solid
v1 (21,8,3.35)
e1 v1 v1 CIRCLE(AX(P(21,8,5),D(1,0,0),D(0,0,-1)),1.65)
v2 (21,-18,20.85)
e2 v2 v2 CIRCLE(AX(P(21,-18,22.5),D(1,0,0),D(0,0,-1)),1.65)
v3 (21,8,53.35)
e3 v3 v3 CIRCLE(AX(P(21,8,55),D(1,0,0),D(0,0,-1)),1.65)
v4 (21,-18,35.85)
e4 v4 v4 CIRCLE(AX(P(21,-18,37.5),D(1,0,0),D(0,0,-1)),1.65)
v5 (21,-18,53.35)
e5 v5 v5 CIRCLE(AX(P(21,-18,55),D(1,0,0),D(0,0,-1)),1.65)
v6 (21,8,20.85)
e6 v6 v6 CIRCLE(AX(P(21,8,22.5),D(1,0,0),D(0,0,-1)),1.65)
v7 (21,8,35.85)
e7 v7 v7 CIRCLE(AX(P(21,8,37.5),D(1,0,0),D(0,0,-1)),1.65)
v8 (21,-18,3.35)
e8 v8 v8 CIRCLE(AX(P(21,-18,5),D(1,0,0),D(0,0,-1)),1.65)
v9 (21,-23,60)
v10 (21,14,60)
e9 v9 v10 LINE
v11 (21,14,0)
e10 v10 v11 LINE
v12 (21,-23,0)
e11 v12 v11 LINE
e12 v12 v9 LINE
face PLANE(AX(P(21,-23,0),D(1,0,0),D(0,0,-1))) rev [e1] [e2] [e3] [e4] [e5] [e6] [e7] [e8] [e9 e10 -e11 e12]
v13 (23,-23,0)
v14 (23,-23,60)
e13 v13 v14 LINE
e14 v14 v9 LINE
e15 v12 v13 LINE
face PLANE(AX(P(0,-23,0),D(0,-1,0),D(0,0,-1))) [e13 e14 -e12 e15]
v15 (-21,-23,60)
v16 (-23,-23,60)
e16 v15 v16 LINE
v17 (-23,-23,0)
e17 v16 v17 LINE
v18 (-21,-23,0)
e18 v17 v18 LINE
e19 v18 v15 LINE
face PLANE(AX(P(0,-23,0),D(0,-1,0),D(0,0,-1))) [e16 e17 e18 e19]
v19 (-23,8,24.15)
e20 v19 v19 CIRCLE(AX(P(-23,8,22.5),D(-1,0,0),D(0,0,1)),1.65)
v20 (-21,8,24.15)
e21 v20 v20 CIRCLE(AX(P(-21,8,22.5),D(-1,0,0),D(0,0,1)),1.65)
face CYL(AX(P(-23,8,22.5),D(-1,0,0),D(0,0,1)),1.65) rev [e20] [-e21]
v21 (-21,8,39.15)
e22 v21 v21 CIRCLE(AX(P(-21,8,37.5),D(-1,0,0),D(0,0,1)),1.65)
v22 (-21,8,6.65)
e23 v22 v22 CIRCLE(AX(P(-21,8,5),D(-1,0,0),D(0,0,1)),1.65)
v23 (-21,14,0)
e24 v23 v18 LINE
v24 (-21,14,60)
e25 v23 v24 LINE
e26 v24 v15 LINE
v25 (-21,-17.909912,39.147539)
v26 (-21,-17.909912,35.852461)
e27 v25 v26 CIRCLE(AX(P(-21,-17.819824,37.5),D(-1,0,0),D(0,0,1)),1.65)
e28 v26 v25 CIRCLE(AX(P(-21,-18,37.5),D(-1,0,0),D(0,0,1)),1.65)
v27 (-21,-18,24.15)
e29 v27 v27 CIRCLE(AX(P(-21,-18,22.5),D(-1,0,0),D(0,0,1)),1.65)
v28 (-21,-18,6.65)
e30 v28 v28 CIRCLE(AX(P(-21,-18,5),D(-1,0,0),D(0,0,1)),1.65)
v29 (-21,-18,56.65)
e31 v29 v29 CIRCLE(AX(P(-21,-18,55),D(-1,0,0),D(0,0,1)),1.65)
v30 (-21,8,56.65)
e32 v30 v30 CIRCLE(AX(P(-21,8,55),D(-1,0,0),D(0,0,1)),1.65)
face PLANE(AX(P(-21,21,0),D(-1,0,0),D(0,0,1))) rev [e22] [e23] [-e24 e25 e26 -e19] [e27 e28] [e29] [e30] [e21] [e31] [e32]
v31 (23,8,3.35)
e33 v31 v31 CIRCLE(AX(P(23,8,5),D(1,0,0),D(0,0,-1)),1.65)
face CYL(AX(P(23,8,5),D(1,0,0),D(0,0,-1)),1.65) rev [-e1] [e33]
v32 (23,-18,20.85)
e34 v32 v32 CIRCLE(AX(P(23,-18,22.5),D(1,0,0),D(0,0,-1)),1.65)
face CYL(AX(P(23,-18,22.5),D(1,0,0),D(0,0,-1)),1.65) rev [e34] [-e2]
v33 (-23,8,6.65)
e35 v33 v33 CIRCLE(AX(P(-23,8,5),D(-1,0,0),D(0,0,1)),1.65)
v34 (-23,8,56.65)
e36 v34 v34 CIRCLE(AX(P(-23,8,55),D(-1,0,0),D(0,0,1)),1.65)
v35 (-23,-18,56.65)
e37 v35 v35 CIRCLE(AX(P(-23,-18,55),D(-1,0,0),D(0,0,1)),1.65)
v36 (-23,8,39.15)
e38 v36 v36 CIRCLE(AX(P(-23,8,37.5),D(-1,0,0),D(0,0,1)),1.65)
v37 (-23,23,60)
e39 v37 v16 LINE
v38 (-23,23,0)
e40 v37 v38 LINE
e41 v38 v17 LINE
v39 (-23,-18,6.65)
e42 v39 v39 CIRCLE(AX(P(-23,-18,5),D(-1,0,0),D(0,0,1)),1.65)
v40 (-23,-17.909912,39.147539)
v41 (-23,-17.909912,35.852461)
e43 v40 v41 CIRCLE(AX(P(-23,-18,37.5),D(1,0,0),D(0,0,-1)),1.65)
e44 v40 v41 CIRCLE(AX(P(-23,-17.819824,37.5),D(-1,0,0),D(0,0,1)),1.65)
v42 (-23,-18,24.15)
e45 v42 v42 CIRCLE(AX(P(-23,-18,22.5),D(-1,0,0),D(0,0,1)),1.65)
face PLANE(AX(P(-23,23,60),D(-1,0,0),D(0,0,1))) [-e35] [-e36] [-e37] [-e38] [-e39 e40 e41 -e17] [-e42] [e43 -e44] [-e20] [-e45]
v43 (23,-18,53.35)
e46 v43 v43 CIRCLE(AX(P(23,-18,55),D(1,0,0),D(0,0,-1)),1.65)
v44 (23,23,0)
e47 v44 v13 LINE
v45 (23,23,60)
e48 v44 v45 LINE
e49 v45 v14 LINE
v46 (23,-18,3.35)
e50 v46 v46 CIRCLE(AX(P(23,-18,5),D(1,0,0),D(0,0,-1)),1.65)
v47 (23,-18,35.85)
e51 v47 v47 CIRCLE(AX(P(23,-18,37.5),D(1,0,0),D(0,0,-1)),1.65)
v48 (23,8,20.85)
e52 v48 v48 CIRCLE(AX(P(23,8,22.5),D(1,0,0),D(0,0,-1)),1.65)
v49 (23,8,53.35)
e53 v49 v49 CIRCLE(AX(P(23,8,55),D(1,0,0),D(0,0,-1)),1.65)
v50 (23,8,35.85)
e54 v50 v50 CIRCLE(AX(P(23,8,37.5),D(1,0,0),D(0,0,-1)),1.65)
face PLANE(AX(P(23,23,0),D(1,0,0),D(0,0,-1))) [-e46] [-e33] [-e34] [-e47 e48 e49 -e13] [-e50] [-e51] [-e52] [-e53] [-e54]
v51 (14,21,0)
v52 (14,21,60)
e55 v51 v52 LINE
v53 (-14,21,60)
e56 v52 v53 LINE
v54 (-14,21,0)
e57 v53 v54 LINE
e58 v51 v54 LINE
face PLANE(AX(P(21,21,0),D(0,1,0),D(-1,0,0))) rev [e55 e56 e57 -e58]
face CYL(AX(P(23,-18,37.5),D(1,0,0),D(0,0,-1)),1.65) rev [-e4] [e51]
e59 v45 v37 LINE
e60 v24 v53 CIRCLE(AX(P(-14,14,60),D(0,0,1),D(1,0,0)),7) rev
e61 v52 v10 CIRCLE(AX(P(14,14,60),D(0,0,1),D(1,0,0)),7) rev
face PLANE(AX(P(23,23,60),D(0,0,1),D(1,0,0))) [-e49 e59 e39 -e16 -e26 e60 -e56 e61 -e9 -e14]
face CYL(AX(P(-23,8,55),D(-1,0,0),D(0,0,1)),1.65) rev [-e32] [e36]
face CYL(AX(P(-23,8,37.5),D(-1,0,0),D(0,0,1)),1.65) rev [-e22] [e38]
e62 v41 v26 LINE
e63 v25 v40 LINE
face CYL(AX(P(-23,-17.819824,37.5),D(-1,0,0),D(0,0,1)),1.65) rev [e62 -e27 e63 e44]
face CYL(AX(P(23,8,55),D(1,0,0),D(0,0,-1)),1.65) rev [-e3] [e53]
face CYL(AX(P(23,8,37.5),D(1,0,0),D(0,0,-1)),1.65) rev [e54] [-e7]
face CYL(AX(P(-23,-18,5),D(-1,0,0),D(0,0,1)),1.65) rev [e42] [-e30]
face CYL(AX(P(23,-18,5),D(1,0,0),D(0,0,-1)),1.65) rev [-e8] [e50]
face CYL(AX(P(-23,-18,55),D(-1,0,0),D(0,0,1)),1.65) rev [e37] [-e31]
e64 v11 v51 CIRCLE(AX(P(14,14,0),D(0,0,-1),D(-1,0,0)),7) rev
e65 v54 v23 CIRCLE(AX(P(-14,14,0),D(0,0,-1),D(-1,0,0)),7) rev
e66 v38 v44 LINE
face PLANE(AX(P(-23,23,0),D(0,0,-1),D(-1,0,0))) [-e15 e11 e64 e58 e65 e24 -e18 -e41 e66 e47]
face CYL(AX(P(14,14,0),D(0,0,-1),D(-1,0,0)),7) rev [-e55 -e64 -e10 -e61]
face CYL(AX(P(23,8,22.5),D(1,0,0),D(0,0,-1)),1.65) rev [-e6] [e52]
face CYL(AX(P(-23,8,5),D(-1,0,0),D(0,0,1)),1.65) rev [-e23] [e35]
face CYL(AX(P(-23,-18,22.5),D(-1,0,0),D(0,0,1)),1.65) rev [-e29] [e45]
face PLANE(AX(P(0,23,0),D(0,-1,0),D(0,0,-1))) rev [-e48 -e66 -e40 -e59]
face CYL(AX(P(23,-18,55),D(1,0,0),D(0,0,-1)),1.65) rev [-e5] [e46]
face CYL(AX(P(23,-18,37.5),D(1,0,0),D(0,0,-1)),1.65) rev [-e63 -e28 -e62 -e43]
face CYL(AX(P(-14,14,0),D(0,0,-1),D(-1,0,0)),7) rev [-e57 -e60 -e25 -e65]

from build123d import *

# Parameters (mm, degrees)
SKETCH_1_W                  = 46
SKETCH_1_H                  = 60
EXTRUDE_1_DEPTH             = 46
SKETCH_2_W                  = 42
SKETCH_2_H                  = 44
CUT_EXTRUDE_1_DEPTH         = 69.249542123
HOLE_WIZARD_3_3_3_3_1_D     = 3.3
HOLE_WIZARD_3_3_3_3_1_DEPTH = 2
HOLE_WIZARD_3_3_3_3_2_D     = 3.3
HOLE_WIZARD_3_3_3_3_2_DEPTH = 46
FILLET_1_R                  = 7


with BuildPart() as part:
    # 草图1 → 凸台-拉伸1 (new body)
    with BuildSketch(Plane.XZ.offset(23)):
        with Locations((0, 30)):
            Rectangle(SKETCH_1_W, SKETCH_1_H)
    extrude(amount=-EXTRUDE_1_DEPTH)

    # 草图2 → 切除-拉伸1 (cut, through all)
    with BuildSketch(Plane.XY.offset(60)):
        with Locations((0, -1)):
            Rectangle(SKETCH_2_W, SKETCH_2_H)
    extrude(amount=-CUT_EXTRUDE_1_DEPTH, mode=Mode.SUBTRACT)

    # Ø3.3 (3.3) 直径孔1
    with Locations(Plane.ZY.offset(23)):
        with Locations((55, -18), (22.5, -18), (22.5, 8), (55, 8), (5, 8), (37.5, 8), (37.5, -17.819824414), (5, -18)):
            Hole(HOLE_WIZARD_3_3_3_3_1_D / 2, depth=HOLE_WIZARD_3_3_3_3_1_DEPTH)

    # Ø3.3 (3.3) 直径孔2
    with Locations(Plane(origin=(23, 0, 0), x_dir=(0, 0, -1), z_dir=(1, 0, 0))):
        with Locations((-55, 8), (-22.5, 8), (-22.5, -18), (-55, -18), (-5, -18), (-5, 8), (-37.5, 8), (-37.5, -18)):
            Hole(HOLE_WIZARD_3_3_3_3_2_D / 2, depth=HOLE_WIZARD_3_3_3_3_2_DEPTH)

    # 圆角1
    fillet_1_edges = [part.edges().sort_by_distance(p)[0] for p in [
        (-21, 21, 30),
        (21, 21, 30),
    ]]
    fillet(fillet_1_edges, radius=FILLET_1_R)


solid = part.part
